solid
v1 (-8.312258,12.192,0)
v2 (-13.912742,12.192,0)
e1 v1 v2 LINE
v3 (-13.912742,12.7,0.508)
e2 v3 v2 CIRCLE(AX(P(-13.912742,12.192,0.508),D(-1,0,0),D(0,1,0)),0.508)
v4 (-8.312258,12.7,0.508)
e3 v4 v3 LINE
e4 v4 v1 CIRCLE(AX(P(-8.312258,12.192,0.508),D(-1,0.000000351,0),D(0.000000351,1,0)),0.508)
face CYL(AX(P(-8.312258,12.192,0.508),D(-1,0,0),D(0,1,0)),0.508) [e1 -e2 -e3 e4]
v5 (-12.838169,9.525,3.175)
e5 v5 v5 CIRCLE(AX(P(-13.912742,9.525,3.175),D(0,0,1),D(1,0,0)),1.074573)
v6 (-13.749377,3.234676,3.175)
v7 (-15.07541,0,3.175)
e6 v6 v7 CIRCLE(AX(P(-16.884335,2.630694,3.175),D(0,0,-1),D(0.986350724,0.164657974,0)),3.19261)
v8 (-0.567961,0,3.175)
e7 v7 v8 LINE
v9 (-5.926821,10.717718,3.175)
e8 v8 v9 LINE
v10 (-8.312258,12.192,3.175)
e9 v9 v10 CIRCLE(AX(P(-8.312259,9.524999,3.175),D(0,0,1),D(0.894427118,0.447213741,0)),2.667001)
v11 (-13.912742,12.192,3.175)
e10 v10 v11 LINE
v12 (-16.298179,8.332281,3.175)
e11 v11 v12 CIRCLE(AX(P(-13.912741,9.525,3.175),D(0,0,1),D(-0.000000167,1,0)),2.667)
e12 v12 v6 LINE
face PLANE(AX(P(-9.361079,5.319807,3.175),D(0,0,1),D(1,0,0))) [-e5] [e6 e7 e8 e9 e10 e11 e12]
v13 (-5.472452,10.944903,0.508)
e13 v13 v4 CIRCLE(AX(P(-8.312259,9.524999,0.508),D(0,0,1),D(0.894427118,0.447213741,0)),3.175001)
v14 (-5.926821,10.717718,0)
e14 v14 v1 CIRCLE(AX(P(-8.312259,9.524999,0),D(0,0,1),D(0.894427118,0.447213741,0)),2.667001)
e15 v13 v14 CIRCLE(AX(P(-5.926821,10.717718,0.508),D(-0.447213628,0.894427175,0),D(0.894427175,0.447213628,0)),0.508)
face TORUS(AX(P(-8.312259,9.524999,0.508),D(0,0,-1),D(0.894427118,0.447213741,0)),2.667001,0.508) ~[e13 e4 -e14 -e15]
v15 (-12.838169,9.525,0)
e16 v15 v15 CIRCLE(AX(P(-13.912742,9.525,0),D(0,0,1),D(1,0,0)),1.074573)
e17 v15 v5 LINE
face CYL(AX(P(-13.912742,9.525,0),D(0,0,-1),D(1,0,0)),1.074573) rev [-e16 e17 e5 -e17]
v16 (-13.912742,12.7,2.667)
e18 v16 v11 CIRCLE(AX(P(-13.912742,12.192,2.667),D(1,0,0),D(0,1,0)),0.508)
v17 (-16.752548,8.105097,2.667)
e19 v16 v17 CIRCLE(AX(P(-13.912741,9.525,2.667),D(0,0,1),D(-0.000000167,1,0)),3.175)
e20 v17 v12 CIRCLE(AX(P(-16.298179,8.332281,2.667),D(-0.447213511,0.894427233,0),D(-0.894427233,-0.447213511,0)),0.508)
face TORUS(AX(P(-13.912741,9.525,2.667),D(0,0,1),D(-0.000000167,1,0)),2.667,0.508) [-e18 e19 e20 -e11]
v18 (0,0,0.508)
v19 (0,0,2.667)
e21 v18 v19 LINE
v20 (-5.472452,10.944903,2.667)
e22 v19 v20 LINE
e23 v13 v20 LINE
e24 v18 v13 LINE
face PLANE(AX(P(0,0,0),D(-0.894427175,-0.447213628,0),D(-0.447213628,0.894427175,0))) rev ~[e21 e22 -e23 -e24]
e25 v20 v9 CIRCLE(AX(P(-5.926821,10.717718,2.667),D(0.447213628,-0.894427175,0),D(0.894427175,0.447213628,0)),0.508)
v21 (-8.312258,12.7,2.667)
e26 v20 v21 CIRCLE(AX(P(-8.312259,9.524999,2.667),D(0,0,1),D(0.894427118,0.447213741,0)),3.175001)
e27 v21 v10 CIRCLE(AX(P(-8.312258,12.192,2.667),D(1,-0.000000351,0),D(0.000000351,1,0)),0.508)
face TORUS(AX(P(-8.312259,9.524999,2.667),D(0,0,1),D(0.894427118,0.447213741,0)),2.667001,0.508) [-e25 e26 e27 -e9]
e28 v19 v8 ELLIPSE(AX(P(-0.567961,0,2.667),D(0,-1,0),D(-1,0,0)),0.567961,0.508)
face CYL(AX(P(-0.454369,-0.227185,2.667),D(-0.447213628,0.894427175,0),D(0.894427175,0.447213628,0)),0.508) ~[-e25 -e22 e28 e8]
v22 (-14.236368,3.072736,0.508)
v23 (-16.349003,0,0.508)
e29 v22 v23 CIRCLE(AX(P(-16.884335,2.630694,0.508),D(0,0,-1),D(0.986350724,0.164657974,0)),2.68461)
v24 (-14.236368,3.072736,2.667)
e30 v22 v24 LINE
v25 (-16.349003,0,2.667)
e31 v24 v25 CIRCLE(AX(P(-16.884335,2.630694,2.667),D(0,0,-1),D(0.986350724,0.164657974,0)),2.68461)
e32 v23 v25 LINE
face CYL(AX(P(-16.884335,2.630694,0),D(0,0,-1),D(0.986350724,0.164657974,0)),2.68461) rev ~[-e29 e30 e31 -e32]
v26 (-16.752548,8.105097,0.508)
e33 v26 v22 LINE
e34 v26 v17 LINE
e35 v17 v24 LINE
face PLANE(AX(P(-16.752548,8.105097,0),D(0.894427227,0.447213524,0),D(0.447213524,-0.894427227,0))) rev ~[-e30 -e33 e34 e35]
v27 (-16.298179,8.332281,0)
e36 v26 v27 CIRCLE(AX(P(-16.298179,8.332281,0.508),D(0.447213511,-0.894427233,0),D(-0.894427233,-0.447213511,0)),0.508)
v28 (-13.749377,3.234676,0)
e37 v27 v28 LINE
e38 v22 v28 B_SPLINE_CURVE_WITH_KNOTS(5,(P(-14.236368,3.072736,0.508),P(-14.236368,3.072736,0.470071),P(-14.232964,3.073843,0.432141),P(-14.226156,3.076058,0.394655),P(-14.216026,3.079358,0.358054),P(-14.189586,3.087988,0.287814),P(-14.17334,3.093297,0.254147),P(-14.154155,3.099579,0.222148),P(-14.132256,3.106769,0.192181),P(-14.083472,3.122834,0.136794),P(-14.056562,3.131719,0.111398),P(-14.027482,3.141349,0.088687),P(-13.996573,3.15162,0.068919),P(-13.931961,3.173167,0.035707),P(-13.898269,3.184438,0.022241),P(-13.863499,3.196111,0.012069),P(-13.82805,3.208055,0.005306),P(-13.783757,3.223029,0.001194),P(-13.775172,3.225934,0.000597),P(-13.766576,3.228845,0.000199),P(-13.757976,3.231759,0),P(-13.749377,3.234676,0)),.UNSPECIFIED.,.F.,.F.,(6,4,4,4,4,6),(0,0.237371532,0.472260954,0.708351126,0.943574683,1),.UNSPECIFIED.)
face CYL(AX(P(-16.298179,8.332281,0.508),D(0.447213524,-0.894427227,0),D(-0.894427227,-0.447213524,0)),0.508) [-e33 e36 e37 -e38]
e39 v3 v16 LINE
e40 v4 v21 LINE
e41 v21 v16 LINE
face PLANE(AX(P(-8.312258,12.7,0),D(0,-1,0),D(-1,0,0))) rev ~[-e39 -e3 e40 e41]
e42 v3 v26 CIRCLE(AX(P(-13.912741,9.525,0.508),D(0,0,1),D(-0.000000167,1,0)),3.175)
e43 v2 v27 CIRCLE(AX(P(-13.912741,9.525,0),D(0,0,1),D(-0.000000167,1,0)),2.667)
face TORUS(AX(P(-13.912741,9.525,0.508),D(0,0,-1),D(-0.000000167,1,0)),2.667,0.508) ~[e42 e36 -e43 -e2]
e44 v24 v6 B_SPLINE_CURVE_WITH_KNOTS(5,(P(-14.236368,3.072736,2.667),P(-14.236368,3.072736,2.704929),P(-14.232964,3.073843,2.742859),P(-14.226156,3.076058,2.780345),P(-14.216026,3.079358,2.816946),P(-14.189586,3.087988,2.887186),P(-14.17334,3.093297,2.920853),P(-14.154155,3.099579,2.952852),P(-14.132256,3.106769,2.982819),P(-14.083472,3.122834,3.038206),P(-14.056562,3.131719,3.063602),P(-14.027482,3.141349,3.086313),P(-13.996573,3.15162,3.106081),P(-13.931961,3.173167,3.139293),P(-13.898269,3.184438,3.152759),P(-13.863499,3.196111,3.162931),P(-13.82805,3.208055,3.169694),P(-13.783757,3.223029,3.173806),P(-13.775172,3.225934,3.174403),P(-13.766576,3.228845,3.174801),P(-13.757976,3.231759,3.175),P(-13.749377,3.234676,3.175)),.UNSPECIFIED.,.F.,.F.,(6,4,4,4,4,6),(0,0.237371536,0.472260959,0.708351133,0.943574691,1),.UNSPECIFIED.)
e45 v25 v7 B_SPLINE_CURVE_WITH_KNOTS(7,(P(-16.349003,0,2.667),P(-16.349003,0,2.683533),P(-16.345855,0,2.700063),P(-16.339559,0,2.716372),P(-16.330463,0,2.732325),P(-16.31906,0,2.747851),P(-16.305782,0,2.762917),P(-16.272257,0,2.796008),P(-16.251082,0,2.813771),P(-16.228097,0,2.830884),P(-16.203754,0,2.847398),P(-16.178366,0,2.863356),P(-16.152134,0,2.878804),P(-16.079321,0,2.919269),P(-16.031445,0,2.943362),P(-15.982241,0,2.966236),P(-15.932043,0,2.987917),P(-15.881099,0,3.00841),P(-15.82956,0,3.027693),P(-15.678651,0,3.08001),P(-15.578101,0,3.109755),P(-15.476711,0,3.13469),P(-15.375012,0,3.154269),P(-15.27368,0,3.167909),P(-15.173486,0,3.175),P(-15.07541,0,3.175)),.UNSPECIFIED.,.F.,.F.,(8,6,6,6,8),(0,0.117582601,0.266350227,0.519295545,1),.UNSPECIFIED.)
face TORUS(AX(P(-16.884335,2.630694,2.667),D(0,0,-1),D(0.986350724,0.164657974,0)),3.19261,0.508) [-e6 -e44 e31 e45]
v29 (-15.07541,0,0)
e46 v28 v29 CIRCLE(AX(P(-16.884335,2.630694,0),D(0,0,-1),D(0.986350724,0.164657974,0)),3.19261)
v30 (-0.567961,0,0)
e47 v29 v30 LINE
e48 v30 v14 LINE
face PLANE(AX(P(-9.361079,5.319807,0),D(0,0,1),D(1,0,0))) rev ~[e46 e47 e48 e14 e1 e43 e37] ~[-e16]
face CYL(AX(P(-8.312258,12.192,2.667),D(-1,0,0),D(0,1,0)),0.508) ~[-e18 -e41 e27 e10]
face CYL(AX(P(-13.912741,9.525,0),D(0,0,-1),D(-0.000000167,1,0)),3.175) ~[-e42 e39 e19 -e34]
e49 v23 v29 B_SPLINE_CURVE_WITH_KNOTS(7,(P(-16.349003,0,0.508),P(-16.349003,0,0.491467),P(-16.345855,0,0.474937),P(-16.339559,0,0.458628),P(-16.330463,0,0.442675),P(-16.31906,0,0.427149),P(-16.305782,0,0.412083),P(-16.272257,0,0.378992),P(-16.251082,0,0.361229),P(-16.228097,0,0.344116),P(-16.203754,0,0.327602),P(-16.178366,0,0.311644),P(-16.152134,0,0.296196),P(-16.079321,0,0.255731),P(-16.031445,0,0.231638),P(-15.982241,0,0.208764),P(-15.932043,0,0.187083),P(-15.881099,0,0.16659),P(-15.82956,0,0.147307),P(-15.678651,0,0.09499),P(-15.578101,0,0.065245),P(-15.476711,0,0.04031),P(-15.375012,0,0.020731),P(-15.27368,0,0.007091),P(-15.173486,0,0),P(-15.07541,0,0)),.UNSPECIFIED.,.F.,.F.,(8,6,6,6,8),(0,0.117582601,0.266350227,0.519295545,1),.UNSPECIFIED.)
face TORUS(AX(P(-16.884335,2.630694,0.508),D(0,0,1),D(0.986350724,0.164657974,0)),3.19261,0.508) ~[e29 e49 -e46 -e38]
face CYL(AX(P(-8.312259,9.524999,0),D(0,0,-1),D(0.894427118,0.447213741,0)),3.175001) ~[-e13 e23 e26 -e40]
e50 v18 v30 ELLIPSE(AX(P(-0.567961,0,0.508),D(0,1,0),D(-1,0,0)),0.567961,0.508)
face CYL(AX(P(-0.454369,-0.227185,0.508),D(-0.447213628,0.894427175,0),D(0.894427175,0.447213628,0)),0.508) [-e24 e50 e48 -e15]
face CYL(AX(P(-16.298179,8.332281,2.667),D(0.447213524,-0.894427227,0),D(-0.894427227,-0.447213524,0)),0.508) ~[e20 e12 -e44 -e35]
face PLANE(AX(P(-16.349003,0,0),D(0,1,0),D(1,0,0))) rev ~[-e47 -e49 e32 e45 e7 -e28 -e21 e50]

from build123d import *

# Parameters (mm, degrees)
F0_R     = 1.074573
F1_DEPTH = 3.175
F2_R     = 0.508


with BuildPart() as f1:
    # F0 (on Top) → F1 (new body)
    with BuildSketch(Plane.XY):
        with BuildLine():
            Line((-12.7, 0), (0, 0))
            Line((0, 0), (-5.472452, 10.944903))
            ThreePointArc((-5.472452, 10.944903), (-6.643062, 12.225816), (-8.312258, 12.7))
            Line((-8.312258, 12.7), (-13.912742, 12.7))
            ThreePointArc((-13.912742, 12.7), (-16.613558, 11.194196), (-16.752548, 8.105097))
            Line((-16.752548, 8.105097), (-14.236368, 3.072736))
            ThreePointArc((-14.236368, 3.072736), (-14.672147, 1.109722), (-16.349003, 0))
            Line((-16.349003, 0), (-12.7, 0))
        make_face()
        with Locations((-13.912742, 9.525)):
            Circle(F0_R, mode=Mode.SUBTRACT)
    extrude(amount=F1_DEPTH)

    # F2
    f2_edges = [f1.edges().sort_by_distance(p)[0] for p in [
        (-2.736226, 5.472452, 0),
        (-6.643062, 12.225816, 0),
        (-11.1125, 12.7, 0),
        (-16.613558, 11.194196, 0),
        (-15.494458, 5.588917, 0),
        (-14.672147, 1.109722, 0),
        (-2.736226, 5.472452, 3.175),
        (-6.643062, 12.225816, 3.175),
        (-11.1125, 12.7, 3.175),
        (-16.613558, 11.194196, 3.175),
        (-15.494458, 5.588917, 3.175),
        (-14.672147, 1.109722, 3.175),
    ]]
    fillet(f2_edges, radius=F2_R)


solid = f1.part
